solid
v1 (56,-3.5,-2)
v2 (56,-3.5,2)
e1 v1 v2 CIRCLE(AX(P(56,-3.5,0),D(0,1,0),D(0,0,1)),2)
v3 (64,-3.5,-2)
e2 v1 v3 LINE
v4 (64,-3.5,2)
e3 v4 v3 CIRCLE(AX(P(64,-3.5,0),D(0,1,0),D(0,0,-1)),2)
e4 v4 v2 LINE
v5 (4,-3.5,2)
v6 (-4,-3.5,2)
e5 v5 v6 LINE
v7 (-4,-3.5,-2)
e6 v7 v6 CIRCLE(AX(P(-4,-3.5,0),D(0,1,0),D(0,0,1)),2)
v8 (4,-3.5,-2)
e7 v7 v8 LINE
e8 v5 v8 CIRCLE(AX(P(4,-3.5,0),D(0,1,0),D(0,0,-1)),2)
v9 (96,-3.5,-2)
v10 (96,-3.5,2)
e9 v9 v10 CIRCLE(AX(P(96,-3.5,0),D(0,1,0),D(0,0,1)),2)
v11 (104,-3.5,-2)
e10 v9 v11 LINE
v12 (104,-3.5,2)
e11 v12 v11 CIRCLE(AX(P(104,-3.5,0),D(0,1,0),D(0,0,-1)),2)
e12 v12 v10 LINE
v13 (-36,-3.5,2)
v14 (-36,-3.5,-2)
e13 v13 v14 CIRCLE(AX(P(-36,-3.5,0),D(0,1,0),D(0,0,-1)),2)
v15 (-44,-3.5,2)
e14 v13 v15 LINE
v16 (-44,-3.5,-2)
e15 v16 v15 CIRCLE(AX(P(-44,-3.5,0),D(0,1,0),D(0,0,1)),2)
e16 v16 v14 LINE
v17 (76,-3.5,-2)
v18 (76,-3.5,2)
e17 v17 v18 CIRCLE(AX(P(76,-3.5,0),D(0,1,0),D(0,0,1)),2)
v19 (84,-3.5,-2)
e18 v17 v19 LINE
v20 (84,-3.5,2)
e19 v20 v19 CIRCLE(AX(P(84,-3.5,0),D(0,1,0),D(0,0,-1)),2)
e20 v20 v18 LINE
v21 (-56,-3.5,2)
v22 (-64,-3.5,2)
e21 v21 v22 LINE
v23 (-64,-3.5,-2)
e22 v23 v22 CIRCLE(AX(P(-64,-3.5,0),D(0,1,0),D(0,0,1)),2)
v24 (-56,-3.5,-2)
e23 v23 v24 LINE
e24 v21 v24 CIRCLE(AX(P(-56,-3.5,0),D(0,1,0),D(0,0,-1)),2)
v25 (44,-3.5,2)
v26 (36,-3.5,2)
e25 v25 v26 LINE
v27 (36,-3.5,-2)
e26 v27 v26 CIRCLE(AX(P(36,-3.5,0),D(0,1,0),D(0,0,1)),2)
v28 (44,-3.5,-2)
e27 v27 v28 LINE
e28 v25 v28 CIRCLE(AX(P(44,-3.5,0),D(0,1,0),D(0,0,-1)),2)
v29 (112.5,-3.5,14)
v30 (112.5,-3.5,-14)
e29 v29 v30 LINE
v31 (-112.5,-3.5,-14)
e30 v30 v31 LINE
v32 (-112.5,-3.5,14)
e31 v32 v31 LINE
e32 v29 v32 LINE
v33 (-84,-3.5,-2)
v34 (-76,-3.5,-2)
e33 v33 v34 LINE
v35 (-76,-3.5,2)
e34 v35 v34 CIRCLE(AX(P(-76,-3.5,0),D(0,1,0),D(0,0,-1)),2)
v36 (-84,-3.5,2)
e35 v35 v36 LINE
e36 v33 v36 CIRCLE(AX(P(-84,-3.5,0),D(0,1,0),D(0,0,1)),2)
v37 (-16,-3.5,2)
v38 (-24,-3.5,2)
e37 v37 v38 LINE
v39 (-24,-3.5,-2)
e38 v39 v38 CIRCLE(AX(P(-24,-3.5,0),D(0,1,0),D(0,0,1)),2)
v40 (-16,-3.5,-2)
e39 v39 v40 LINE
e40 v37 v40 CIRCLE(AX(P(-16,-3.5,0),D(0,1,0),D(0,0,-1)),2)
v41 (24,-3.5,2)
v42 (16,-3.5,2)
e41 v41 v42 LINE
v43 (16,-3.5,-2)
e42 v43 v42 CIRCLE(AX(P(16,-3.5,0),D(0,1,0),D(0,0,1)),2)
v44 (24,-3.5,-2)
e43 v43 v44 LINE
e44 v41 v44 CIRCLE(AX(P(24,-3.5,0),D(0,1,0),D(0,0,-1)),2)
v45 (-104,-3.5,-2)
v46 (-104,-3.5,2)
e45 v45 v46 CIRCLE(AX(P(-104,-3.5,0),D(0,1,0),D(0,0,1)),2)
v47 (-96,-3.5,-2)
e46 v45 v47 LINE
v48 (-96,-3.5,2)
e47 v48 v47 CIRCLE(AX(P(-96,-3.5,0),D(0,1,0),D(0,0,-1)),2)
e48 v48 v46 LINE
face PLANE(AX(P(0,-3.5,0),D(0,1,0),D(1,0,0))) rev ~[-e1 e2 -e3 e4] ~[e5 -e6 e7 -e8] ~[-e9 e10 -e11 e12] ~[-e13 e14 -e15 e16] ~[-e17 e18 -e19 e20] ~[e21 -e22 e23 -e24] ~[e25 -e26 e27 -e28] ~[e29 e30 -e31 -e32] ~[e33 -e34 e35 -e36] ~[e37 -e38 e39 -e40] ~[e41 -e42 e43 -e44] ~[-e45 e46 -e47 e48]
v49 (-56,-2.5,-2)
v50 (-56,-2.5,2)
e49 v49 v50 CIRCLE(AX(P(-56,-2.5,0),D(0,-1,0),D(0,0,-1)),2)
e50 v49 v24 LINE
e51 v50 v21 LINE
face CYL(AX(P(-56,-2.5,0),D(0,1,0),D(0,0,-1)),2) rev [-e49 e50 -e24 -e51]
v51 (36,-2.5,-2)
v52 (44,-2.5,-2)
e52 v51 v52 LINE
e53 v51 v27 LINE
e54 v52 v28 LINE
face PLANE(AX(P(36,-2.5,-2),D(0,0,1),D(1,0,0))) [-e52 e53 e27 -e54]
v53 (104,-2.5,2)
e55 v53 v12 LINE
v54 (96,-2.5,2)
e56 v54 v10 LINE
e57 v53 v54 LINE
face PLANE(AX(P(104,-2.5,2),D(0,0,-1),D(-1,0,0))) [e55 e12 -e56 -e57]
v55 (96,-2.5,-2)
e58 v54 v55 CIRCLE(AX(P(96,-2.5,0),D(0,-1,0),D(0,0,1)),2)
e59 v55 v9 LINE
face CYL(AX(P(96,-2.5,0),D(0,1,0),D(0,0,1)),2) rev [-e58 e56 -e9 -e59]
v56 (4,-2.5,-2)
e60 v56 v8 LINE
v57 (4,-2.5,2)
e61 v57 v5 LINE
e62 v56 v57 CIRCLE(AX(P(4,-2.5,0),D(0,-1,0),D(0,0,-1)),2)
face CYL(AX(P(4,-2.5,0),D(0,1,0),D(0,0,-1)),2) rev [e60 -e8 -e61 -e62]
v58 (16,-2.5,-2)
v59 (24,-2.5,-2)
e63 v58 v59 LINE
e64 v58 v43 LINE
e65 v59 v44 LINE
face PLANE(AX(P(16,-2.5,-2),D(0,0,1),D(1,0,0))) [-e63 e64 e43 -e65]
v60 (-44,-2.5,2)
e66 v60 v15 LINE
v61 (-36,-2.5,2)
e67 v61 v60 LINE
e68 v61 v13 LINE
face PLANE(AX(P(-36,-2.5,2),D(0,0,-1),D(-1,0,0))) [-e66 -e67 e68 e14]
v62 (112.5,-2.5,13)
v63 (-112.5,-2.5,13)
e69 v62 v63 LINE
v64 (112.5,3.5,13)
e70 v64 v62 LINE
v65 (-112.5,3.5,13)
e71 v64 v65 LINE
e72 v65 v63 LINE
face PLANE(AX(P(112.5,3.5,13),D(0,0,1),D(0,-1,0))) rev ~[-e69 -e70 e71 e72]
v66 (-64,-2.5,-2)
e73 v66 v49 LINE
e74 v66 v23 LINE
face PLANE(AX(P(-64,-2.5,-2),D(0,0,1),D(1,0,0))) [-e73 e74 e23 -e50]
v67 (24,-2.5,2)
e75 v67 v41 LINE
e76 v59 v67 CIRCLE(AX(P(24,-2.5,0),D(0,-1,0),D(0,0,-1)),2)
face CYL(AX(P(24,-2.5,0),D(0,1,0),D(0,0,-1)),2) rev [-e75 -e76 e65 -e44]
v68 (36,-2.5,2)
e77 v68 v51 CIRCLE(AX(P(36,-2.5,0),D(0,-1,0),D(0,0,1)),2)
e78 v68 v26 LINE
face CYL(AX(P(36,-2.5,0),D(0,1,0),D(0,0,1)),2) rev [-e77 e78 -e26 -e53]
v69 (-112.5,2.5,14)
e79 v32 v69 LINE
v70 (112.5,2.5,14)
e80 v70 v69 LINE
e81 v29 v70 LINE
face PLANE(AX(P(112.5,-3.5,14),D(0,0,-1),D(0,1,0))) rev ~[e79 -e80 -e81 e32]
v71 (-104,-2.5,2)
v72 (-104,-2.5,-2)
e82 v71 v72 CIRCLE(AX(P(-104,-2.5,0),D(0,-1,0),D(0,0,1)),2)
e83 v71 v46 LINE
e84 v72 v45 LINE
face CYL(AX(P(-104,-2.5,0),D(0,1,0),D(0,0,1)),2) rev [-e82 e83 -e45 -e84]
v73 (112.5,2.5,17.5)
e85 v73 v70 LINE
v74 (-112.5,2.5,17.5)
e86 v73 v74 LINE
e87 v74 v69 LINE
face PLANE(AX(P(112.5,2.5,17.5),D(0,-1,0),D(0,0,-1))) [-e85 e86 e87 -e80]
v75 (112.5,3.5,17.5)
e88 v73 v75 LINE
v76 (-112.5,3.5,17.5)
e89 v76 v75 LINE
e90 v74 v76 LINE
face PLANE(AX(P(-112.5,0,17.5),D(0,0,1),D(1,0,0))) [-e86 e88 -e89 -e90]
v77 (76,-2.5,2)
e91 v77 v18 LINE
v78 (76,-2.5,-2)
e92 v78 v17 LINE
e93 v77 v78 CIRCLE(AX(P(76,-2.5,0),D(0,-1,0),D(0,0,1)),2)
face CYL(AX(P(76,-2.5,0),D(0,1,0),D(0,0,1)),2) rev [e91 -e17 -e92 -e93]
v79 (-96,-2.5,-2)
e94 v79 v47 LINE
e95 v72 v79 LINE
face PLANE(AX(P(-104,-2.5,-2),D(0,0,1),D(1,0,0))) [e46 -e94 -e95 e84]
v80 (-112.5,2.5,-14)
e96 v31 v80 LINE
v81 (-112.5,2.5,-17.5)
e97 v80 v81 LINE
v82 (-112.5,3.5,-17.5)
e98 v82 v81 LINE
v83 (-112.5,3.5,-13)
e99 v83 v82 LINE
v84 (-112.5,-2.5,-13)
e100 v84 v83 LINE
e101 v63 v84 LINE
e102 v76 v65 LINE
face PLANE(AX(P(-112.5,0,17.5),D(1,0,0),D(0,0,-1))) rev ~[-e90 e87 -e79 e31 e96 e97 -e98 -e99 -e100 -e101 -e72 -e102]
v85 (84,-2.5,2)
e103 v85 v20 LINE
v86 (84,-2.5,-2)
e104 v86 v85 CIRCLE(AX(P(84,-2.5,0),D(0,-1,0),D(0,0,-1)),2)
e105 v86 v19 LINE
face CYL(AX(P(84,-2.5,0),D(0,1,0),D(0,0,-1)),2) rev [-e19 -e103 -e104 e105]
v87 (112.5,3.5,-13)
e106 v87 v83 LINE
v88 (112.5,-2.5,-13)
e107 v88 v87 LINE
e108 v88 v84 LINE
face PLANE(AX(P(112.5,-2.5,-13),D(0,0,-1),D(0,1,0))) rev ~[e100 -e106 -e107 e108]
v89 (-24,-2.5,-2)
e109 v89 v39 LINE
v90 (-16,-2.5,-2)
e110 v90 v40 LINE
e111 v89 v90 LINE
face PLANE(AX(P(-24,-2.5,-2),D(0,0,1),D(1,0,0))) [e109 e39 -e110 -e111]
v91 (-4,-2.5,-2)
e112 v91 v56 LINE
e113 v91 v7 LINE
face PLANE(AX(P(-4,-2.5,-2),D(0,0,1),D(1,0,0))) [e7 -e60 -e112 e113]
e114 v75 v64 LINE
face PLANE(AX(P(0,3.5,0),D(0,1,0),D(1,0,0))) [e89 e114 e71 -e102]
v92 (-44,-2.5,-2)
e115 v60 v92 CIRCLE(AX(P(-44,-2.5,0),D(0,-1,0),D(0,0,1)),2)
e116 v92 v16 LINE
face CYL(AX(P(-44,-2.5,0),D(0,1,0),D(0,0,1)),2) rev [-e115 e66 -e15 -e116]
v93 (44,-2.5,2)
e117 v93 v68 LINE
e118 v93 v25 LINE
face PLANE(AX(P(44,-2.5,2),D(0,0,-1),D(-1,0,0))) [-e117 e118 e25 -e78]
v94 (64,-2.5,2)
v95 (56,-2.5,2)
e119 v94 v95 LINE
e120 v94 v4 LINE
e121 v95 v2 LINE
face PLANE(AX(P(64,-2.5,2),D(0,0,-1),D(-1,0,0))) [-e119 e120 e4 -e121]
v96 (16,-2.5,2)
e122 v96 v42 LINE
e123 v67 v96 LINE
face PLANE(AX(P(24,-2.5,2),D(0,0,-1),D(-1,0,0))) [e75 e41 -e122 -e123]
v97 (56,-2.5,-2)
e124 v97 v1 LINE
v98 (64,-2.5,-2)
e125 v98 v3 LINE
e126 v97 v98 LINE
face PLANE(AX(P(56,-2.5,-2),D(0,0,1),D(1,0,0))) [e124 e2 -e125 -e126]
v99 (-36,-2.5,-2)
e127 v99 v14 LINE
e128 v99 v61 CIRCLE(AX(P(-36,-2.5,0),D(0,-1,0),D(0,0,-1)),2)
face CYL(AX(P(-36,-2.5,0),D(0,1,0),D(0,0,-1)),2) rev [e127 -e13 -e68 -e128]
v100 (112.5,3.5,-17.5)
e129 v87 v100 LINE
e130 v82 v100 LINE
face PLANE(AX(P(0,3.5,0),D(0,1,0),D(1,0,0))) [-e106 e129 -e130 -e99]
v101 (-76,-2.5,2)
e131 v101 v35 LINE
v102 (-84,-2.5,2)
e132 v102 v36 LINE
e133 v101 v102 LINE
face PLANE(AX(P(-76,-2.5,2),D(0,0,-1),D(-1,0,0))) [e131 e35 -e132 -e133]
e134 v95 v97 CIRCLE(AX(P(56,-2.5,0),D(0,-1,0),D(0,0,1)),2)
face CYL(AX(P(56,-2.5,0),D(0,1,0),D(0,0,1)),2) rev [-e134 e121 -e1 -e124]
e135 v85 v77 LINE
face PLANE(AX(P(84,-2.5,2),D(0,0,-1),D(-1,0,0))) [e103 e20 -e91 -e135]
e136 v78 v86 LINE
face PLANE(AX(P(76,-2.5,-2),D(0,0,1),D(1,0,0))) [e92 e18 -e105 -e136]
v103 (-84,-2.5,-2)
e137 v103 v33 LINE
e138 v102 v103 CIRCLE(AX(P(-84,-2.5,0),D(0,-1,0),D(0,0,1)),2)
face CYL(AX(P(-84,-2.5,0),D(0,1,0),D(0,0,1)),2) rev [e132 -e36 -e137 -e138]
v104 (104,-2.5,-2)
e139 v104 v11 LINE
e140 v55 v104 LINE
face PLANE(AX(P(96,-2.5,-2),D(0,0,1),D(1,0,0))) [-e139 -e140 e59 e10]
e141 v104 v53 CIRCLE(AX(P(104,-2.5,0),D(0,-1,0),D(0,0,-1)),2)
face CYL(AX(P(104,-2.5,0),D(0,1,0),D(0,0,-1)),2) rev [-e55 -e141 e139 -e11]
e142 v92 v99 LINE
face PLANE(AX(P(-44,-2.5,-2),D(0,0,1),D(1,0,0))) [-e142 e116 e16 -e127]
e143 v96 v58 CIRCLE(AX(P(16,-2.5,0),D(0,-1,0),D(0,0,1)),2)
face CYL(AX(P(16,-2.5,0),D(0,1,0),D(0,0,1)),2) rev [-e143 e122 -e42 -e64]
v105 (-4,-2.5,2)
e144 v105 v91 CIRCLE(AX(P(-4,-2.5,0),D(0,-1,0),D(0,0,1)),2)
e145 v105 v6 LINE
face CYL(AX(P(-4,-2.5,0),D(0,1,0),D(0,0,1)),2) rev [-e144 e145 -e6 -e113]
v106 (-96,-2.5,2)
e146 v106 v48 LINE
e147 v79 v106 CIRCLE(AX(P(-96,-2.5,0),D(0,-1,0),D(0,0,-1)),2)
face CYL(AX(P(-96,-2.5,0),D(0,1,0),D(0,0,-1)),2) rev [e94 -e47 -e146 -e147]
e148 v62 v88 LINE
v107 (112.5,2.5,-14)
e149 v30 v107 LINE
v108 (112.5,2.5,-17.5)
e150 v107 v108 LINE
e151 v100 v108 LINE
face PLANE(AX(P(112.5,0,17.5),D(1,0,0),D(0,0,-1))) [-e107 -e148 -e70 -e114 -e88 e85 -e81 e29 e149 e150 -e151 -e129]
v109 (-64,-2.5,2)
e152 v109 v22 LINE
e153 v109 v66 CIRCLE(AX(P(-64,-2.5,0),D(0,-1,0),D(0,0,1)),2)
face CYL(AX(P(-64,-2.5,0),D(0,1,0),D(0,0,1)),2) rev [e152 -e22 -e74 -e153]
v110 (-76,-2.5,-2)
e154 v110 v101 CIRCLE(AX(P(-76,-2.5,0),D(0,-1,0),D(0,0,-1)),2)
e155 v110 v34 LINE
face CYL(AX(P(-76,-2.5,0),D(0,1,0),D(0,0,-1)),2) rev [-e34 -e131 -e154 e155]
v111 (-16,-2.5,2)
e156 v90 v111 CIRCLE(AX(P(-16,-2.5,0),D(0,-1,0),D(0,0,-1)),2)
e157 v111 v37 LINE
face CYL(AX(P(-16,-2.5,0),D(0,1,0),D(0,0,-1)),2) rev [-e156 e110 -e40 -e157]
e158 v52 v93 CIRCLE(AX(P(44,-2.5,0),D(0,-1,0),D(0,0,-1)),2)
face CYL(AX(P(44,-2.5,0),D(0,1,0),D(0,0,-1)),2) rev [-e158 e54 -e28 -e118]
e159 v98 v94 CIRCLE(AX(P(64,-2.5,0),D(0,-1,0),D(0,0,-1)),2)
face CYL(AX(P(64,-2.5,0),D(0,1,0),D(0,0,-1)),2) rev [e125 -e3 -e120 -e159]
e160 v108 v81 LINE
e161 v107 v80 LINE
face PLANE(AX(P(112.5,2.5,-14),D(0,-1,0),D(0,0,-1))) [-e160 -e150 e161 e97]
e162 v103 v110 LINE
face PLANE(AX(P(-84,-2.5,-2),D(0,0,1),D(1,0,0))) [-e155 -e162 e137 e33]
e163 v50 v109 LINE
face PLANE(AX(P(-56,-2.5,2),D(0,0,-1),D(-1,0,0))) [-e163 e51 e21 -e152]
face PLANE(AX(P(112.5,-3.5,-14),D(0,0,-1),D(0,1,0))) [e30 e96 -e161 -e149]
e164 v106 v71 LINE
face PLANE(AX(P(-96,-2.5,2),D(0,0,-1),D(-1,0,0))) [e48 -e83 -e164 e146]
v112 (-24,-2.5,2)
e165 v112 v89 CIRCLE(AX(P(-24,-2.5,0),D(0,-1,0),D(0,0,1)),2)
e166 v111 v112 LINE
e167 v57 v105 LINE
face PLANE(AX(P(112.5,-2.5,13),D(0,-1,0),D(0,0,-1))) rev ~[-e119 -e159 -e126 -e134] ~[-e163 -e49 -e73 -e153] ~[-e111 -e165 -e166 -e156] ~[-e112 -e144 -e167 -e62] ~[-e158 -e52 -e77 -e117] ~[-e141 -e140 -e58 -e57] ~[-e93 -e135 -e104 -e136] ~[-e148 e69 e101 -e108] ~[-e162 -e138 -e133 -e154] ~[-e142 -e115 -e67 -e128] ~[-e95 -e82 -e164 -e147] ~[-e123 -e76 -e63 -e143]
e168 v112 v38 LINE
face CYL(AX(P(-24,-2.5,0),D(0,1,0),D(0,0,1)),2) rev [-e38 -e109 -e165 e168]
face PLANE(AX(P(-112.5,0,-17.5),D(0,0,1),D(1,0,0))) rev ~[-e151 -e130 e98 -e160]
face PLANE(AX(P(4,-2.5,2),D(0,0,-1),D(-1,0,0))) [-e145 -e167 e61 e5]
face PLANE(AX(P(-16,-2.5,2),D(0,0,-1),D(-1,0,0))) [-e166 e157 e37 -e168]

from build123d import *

# Parameters (mm, degrees)
SKETCH1_W           = 225
SKETCH1_H           = 35
BOSS_EXTRUDE1_DEPTH = 3.5
SKETCH2_W           = 3.5
SKETCH2_H           = 6
CUT_EXTRUDE1_DEPTH  = 226
CUT_EXTRUDE2_DEPTH  = 2


with BuildPart() as part:
    # Sketch1 → Boss-Extrude1 (new body, symmetric)
    with BuildSketch(Plane(origin=(0, 0, 0), x_dir=(1, 0, 0), z_dir=(0, 1, 0))):
        Rectangle(SKETCH1_W, SKETCH1_H)
    extrude(amount=BOSS_EXTRUDE1_DEPTH, both=True)

    # Sketch2 → Cut-Extrude1 (cut, through all)
    with BuildSketch(Plane(origin=(112.5, 0, 0), x_dir=(0, 0, -1), z_dir=(1, 0, 0))):
        Polygon((-13, -2.5), (0, -2.5), (13, -2.5), (13, 3.5), (-13, 3.5), align=None)
        with Locations((15.75, -0.5)):
            Rectangle(SKETCH2_W, SKETCH2_H)
        with Locations((-15.75, -0.5)):
            Rectangle(SKETCH2_W, SKETCH2_H)
    extrude(amount=-CUT_EXTRUDE1_DEPTH, mode=Mode.SUBTRACT)

    # Sketch3 → Cut-Extrude2 (cut, through all)
    with BuildSketch(Plane(origin=(0, -2.5, 0), x_dir=(1, 0, 0), z_dir=(0, 1, 0))):
        with BuildLine():
            Line((-4, 2), (4, 2))
            ThreePointArc((4, 2), (6, 0), (4, -2))
            Line((4, -2), (-4, -2))
            ThreePointArc((-4, -2), (-6, 0), (-4, 2))
        make_face()
        with BuildLine():
            Line((16, 2), (24, 2))
            ThreePointArc((24, 2), (26, 0), (24, -2))
            Line((24, -2), (16, -2))
            ThreePointArc((16, -2), (14, 0), (16, 2))
        make_face()
        with BuildLine():
            Line((36, 2), (44, 2))
            ThreePointArc((44, 2), (46, 0), (44, -2))
            Line((44, -2), (36, -2))
            ThreePointArc((36, -2), (34, 0), (36, 2))
        make_face()
        with BuildLine():
            Line((56, 2), (64, 2))
            ThreePointArc((64, 2), (66, 0), (64, -2))
            Line((64, -2), (56, -2))
            ThreePointArc((56, -2), (54, 0), (56, 2))
        make_face()
        with BuildLine():
            Line((76, 2), (84, 2))
            ThreePointArc((84, 2), (86, 0), (84, -2))
            Line((84, -2), (76, -2))
            ThreePointArc((76, -2), (74, 0), (76, 2))
        make_face()
        with BuildLine():
            Line((-24, 2), (-16, 2))
            ThreePointArc((-16, 2), (-14, 0), (-16, -2))
            Line((-16, -2), (-24, -2))
            ThreePointArc((-24, -2), (-26, 0), (-24, 2))
        make_face()
        with BuildLine():
            Line((-44, 2), (-36, 2))
            ThreePointArc((-36, 2), (-34, 0), (-36, -2))
            Line((-36, -2), (-44, -2))
            ThreePointArc((-44, -2), (-46, 0), (-44, 2))
        make_face()
        with BuildLine():
            Line((-64, 2), (-56, 2))
            ThreePointArc((-56, 2), (-54, 0), (-56, -2))
            Line((-56, -2), (-64, -2))
            ThreePointArc((-64, -2), (-66, 0), (-64, 2))
        make_face()
        with BuildLine():
            Line((-84, 2), (-76, 2))
            ThreePointArc((-76, 2), (-74, 0), (-76, -2))
            Line((-76, -2), (-84, -2))
            ThreePointArc((-84, -2), (-86, 0), (-84, 2))
        make_face()
        with BuildLine():
            Line((-104, 2), (-96, 2))
            ThreePointArc((-96, 2), (-94, 0), (-96, -2))
            Line((-96, -2), (-104, -2))
            ThreePointArc((-104, -2), (-106, 0), (-104, 2))
        make_face()
        with BuildLine():
            Line((-124, 2), (-116, 2))
            ThreePointArc((-116, 2), (-114, 0), (-116, -2))
            Line((-116, -2), (-124, -2))
            ThreePointArc((-124, -2), (-126, 0), (-124, 2))
        make_face()
        with BuildLine():
            Line((-144, 2), (-136, 2))
            ThreePointArc((-136, 2), (-134, 0), (-136, -2))
            Line((-136, -2), (-144, -2))
            ThreePointArc((-144, -2), (-146, 0), (-144, 2))
        make_face()
        with BuildLine():
            Line((96, 2), (104, 2))
            ThreePointArc((104, 2), (106, 0), (104, -2))
            Line((104, -2), (96, -2))
            ThreePointArc((96, -2), (94, 0), (96, 2))
        make_face()
        with BuildLine():
            Line((116, 2), (124, 2))
            ThreePointArc((124, 2), (126, 0), (124, -2))
            Line((124, -2), (116, -2))
            ThreePointArc((116, -2), (114, 0), (116, 2))
        make_face()
        with BuildLine():
            Line((136, 2), (144, 2))
            ThreePointArc((144, 2), (146, 0), (144, -2))
            Line((144, -2), (136, -2))
            ThreePointArc((136, -2), (134, 0), (136, 2))
        make_face()
    extrude(amount=-CUT_EXTRUDE2_DEPTH, mode=Mode.SUBTRACT)


solid = part.part
